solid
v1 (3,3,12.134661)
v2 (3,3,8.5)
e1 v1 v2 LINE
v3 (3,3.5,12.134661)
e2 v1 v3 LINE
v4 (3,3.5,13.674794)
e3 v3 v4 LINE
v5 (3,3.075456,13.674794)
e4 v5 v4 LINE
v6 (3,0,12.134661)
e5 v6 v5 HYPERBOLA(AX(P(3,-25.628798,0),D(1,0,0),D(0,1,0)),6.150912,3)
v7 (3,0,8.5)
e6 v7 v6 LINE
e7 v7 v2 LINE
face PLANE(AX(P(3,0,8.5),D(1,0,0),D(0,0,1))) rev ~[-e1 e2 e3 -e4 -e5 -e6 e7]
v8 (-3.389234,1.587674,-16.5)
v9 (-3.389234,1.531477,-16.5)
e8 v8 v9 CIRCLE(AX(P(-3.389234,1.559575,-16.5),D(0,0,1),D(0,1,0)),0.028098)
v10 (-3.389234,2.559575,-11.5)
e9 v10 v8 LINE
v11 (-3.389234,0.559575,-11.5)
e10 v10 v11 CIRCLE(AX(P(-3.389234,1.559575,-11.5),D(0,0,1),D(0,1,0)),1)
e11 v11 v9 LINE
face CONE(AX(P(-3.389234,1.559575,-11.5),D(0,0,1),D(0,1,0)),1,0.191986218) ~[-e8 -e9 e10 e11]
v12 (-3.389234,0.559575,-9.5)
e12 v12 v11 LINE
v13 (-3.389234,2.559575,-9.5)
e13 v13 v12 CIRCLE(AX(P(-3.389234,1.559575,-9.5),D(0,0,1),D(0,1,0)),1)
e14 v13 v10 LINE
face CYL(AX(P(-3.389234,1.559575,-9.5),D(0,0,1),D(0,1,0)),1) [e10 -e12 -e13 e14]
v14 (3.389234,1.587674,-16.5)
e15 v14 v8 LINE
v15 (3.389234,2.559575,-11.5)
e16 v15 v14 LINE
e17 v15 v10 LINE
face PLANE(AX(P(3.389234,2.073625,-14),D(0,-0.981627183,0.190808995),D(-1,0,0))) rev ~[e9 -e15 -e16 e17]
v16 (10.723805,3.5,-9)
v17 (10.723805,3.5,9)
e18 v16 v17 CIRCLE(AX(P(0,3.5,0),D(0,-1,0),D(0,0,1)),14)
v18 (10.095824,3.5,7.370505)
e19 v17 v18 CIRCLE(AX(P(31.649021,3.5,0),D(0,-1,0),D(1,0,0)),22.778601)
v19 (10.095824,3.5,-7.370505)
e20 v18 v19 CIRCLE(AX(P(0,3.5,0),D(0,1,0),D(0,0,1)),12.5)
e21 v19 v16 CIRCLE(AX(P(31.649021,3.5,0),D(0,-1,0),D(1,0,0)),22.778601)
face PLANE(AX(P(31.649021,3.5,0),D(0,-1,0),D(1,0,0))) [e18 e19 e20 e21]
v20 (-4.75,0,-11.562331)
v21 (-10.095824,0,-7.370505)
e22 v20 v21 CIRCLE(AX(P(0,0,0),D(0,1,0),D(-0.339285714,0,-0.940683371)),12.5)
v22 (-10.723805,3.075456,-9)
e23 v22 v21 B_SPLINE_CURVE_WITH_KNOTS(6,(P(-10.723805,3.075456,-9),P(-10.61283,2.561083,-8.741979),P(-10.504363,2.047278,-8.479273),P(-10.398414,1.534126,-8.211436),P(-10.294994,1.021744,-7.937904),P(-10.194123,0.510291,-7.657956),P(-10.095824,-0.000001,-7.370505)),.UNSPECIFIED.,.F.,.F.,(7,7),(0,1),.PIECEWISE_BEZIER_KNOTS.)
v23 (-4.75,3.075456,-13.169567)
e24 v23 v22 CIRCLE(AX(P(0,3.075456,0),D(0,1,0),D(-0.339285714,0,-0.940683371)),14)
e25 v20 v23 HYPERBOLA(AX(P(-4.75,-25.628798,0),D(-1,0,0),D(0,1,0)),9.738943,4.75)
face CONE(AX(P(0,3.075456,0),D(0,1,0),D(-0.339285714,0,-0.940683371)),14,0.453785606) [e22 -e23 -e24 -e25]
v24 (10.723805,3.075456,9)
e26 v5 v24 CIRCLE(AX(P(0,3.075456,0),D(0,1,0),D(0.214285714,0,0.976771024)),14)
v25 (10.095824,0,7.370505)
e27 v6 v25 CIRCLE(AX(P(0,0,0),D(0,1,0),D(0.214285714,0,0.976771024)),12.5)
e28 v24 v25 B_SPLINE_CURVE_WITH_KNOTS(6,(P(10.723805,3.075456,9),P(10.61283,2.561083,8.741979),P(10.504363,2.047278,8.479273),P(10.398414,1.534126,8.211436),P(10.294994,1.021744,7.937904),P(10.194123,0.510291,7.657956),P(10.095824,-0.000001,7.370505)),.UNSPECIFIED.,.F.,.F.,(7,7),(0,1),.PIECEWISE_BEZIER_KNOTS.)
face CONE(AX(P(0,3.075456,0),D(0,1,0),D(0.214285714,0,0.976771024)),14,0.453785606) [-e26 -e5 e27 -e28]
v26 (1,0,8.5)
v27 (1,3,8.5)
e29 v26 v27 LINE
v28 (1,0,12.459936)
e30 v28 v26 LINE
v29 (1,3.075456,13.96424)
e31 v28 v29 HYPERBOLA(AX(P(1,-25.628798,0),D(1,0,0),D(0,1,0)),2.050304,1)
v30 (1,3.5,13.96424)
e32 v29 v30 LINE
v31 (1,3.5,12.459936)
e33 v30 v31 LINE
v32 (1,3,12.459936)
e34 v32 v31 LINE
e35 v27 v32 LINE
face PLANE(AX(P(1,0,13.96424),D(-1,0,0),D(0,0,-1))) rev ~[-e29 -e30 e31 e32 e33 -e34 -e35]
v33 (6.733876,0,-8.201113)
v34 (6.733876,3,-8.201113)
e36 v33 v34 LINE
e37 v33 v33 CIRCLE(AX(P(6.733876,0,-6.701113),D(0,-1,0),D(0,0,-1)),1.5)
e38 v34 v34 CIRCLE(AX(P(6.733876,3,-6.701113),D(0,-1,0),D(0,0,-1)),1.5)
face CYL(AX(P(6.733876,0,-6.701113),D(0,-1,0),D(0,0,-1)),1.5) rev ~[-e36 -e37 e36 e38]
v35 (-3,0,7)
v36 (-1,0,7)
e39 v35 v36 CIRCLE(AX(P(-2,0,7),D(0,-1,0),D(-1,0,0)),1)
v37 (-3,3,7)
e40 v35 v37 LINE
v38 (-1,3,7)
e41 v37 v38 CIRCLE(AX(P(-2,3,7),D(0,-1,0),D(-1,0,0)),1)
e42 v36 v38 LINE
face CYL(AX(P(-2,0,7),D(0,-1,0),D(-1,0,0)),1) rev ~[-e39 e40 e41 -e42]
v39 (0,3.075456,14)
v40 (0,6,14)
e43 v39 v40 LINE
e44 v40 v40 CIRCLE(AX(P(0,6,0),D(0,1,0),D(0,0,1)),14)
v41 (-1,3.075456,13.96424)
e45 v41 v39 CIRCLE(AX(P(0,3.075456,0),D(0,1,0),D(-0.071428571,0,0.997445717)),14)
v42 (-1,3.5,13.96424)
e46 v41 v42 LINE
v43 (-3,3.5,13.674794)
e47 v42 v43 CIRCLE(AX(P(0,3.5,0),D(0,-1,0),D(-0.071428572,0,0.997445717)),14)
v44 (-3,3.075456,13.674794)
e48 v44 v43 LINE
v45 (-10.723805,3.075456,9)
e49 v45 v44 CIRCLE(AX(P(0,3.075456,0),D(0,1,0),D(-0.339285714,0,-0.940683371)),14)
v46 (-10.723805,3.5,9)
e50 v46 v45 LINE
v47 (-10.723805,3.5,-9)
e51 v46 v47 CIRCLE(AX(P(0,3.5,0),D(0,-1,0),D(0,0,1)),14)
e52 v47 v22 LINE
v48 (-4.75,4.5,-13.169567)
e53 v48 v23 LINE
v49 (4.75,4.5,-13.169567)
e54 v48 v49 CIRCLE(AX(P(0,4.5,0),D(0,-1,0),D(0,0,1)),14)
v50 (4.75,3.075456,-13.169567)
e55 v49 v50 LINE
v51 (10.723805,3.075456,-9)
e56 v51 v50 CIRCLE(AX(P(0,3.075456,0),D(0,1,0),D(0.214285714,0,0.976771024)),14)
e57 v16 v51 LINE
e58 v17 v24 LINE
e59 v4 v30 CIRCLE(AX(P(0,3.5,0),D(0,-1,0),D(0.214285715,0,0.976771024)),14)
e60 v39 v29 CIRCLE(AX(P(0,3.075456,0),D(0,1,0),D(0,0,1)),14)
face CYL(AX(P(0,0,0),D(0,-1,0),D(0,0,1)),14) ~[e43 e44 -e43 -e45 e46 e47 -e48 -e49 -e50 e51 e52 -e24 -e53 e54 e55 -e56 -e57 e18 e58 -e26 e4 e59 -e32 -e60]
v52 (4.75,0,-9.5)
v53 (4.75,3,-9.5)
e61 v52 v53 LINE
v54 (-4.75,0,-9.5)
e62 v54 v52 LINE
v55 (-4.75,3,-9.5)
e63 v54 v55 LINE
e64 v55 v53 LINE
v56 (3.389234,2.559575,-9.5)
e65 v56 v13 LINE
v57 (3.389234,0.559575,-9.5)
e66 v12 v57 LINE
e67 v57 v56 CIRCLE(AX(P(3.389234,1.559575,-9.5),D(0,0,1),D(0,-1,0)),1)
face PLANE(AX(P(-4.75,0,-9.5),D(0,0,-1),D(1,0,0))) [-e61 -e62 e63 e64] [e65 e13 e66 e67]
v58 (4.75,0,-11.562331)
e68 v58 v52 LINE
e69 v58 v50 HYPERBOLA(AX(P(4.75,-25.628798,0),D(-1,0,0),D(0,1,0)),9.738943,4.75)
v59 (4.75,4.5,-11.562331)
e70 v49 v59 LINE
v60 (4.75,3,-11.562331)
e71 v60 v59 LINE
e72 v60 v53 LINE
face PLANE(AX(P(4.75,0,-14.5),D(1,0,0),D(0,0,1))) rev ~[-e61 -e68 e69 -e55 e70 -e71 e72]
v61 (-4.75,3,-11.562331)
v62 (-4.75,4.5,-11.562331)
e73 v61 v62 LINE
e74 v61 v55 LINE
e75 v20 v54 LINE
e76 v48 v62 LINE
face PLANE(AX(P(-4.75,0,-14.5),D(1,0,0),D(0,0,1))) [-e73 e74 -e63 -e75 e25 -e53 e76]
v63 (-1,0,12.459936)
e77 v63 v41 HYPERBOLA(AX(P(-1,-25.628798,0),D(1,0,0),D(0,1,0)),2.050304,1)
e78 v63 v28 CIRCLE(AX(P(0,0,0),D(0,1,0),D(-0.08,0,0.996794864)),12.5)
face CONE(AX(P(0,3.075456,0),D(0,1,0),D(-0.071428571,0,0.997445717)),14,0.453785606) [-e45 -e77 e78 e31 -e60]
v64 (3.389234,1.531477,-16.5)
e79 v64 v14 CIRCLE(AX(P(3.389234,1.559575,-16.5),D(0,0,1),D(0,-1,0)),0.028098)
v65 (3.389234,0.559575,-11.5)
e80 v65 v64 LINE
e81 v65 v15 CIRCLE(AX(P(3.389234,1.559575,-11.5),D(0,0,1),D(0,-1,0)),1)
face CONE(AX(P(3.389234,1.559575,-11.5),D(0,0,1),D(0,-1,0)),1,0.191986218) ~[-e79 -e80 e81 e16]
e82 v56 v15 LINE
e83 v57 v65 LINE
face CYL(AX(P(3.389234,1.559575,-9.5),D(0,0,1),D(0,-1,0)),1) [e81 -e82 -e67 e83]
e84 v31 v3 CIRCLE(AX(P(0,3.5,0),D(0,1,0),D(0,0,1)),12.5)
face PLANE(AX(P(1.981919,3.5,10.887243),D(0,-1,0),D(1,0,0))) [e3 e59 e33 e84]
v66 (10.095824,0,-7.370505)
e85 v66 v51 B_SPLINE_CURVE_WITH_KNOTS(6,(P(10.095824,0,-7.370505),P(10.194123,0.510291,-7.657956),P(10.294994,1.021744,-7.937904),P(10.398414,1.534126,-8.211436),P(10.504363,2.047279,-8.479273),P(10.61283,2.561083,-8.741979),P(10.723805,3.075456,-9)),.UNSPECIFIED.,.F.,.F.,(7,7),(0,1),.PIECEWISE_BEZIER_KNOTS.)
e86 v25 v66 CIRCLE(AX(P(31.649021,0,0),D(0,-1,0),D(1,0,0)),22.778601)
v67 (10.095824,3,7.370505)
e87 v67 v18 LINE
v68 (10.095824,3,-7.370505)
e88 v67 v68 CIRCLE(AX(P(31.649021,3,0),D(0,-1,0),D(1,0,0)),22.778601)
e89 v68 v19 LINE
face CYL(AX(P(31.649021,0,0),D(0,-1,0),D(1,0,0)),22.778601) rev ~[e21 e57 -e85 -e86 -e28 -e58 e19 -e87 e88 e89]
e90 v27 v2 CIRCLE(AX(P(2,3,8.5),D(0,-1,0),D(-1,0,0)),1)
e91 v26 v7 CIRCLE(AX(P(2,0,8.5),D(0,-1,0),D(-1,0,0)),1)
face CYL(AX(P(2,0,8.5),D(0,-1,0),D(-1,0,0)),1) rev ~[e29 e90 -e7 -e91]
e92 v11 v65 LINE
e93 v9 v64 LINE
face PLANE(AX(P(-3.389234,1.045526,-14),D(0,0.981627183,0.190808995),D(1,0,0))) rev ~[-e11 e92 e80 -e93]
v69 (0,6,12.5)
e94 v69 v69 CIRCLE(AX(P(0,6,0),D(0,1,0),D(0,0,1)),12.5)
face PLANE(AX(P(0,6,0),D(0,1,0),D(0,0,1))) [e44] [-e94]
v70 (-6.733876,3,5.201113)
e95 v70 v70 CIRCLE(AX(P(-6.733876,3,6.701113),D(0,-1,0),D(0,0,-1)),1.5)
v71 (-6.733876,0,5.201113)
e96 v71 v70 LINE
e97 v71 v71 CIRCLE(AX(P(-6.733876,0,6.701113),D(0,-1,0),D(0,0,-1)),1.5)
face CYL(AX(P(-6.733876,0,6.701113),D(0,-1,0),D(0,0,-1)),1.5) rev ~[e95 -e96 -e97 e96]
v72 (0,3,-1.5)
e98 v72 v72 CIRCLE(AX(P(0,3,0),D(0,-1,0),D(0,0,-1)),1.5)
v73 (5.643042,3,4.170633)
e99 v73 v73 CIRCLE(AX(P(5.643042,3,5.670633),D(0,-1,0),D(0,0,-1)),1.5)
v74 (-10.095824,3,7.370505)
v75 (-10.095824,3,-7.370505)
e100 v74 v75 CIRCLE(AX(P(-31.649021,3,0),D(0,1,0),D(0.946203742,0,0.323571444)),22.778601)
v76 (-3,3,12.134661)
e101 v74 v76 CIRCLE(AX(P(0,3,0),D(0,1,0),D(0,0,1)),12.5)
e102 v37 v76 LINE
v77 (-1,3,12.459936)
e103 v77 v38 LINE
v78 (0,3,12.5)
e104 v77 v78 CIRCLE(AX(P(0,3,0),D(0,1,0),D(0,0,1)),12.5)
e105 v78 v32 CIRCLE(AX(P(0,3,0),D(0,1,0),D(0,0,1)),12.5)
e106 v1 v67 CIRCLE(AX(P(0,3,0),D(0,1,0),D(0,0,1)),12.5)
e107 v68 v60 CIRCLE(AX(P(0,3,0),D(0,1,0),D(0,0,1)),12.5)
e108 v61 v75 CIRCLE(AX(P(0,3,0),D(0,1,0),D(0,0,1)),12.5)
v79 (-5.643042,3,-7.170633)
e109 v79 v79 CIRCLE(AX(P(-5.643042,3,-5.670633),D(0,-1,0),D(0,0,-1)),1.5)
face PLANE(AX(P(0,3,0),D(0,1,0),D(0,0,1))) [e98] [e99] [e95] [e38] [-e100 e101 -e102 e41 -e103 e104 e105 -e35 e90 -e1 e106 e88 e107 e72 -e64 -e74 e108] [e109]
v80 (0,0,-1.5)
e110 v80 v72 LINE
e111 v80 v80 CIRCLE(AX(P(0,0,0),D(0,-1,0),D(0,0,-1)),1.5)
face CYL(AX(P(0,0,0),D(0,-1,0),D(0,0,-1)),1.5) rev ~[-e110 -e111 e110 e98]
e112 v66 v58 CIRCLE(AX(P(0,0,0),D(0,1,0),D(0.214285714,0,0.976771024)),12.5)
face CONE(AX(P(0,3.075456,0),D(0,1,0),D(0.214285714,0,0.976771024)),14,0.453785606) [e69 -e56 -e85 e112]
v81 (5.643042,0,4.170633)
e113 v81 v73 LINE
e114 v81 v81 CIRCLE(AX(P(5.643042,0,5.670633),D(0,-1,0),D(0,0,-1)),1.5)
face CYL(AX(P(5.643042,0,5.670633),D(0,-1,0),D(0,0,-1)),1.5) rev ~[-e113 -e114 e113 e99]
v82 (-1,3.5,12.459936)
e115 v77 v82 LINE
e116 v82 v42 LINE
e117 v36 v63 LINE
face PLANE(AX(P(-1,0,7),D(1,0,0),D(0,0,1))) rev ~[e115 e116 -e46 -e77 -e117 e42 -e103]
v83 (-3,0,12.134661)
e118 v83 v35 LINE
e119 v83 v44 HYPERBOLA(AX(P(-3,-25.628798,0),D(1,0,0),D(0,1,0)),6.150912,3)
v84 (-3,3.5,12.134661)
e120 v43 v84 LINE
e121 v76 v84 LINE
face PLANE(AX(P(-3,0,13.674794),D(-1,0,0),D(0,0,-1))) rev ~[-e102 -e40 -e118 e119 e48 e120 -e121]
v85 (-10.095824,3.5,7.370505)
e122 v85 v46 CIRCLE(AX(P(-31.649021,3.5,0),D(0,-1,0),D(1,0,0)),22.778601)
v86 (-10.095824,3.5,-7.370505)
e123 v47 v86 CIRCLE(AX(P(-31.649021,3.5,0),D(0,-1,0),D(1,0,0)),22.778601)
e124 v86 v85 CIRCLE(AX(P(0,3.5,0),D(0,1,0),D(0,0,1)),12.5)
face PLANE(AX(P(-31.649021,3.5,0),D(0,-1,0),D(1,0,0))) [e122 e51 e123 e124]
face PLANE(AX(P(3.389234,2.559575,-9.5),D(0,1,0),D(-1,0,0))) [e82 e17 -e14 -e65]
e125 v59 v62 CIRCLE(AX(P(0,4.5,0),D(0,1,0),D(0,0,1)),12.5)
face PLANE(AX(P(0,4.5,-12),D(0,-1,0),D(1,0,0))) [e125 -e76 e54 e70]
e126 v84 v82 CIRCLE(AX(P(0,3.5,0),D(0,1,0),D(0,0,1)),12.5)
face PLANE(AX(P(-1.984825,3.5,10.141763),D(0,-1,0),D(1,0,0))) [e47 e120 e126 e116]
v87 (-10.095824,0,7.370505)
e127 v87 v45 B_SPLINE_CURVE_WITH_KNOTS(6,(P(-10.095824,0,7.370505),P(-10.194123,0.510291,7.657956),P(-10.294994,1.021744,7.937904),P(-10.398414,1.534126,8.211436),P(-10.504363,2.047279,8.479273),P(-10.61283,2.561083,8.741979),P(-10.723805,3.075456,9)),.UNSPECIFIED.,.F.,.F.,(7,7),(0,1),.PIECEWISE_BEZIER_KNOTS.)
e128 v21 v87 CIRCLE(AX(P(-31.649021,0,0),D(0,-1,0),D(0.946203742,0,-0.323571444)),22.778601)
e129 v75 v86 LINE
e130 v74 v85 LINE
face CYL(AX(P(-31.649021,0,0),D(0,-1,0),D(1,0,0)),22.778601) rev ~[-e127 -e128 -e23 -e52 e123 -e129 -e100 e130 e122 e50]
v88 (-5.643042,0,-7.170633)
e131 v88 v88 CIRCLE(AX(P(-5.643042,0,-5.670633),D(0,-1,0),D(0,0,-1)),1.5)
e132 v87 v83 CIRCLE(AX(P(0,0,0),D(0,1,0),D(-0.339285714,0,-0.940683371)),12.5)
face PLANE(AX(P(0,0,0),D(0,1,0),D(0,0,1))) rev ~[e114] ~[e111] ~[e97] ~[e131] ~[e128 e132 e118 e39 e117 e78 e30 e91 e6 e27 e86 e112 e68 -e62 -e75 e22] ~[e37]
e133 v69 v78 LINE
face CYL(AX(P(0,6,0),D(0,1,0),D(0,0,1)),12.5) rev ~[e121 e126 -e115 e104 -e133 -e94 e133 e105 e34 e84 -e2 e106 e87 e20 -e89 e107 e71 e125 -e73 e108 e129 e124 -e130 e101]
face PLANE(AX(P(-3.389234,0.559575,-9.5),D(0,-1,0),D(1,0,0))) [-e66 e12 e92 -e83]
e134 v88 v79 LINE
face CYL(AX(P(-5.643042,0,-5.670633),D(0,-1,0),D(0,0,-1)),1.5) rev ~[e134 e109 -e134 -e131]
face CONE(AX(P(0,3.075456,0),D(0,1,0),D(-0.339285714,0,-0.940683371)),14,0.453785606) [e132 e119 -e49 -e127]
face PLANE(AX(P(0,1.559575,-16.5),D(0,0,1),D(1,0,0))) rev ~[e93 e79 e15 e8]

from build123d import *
from OCP.BRepFilletAPI import BRepFilletAPI_MakeChamfer

# Parameters (mm, degrees)
SCHIZZO1_R                   = 14
ESTRUSIONE_ESTRUSIONE1_DEPTH = 6
SCHIZZO2_W                   = 9.5
SCHIZZO2_H                   = 5
TAGLIO_ESTRUSIONE1_DEPTH     = 4.5
SCHIZZO3_R                   = 12.5
TAGLIO_ESTRUSIONE2_DEPTH     = 3
TAGLIO_ESTRUSIONE4_DEPTH     = 3.5
SMUSSO1_SIZE                 = 1.5
SMUSSO1_SIZE2                = 3.075455762
SCHIZZO8_R                   = 22.778601144
TAGLIO_ESTRUSIONE6_DEPTH     = 3.5
ESTRUSIONE_ESTRUSIONE2_DEPTH = 7
SMUSSO2_SIZE                 = 5
SMUSSO2_SIZE2                = 0.971901546
SCHIZZO14_R                  = 1.5
TAGLIO_ESTRUSIONE10_DEPTH    = 23.455511573
SCHIZZO17_R                  = 1.5
TAGLIO_ESTRUSIONE12_DEPTH    = 32


with BuildPart() as part:
    # Schizzo1 → Estrusione-Estrusione1 (new body)
    with BuildSketch(Plane(origin=(0, 0, 0), x_dir=(1, 0, 0), z_dir=(0, 1, 0))):
        with Locations(Location((0, 0, 0), (0, 0, 270))):
            Circle(SCHIZZO1_R)
    extrude(amount=ESTRUSIONE_ESTRUSIONE1_DEPTH)

    # Schizzo2 → Taglio-Estrusione1 (cut)
    with BuildSketch(Plane.XZ):
        with Locations((0, -12)):
            Rectangle(SCHIZZO2_W, SCHIZZO2_H)
    extrude(amount=-TAGLIO_ESTRUSIONE1_DEPTH, mode=Mode.SUBTRACT)

    # Schizzo3 → Taglio-Estrusione2 (cut)
    with BuildSketch(Plane(origin=(0, 6, 0), x_dir=(1, 0, 0), z_dir=(0, 1, 0))):
        with Locations(Location((0, 0, 0), (0, 0, 270))):
            Circle(SCHIZZO3_R)
    extrude(amount=-TAGLIO_ESTRUSIONE2_DEPTH, mode=Mode.SUBTRACT)

    # Schizzo4 → Taglio-Estrusione4 (cut)
    with BuildSketch(Plane.XZ):
        with BuildLine():
            Line((-1, 7), (-1, 13.964240044))
            ThreePointArc((-1, 13.964240044), (-2.00522934, 13.855650663), (-3, 13.674794331))
            Line((-3, 13.674794331), (-3, 7))
            ThreePointArc((-3, 7), (-2, 6), (-1, 7))
        make_face()
        with BuildLine():
            ThreePointArc((3, 13.674794331), (2.00522934, 13.855650663), (1, 13.964240044))
            Line((1, 13.964240044), (1, 8.5))
            ThreePointArc((1, 8.5), (2, 7.5), (3, 8.5))
            Line((3, 8.5), (3, 13.674794331))
        make_face()
    extrude(amount=-TAGLIO_ESTRUSIONE4_DEPTH, mode=Mode.SUBTRACT)

    # Smusso1
    smusso1_edges = [part.edges().sort_by_distance(p)[0] for p in [
        (0.500319591, 0, 13.991057155),
        (-13.970345786, 0, 0.910735206),
        (13.970345786, 0, 0.910735206),
    ]]
    smusso1_side = [part.faces().sort_by_distance(p)[0] for p in [
        (0.010947271, 0, 0.331138895),
    ]]
    chamfer(smusso1_edges, length=SMUSSO1_SIZE, length2=SMUSSO1_SIZE2, reference=smusso1_side[0])

    # Schizzo8 → Taglio-Estrusione6 (cut)
    with BuildSketch(Plane.XZ):
        with Locations((-31.649021425, 0)):
            Circle(SCHIZZO8_R)
        with Locations((31.649021425, 0)):
            Circle(SCHIZZO8_R)
    extrude(amount=-TAGLIO_ESTRUSIONE6_DEPTH, mode=Mode.SUBTRACT)

    # Schizzo10 → Estrusione-Estrusione2 (add)
    with BuildSketch(Plane(origin=(0, 0, -9.5), x_dir=(-1, 0, 0), z_dir=(0, 0, -1))):
        with BuildLine():
            Line((-3.389234254, 2.559575442), (3.389234254, 2.559575442))
            ThreePointArc((3.389234254, 2.559575442), (4.389234254, 1.559575442), (3.389234254, 0.559575442))
            Line((3.389234254, 0.559575442), (-3.389234254, 0.559575442))
            ThreePointArc((-3.389234254, 0.559575442), (-4.389234254, 1.559575442), (-3.389234254, 2.559575442))
        make_face()
    extrude(amount=ESTRUSIONE_ESTRUSIONE2_DEPTH)

    # Smusso2: one chamfer whose edges measure the first distance from different faces: ONE call of the kernel's chamfer builder (chamfer() names one face for all edges)
    smusso2_edges_1 = [part.edges().sort_by_distance(p)[0] for p in [
        (4.389234254, 1.559575442, -16.5),
    ]]
    smusso2_side_1 = [part.faces().sort_by_distance(p)[0] for p in [
        (4.389234254, 1.559575442, -13),
    ]]
    smusso2_edges_2 = [part.edges().sort_by_distance(p)[0] for p in [
        (0, 0.559575442, -16.5),
    ]]
    smusso2_side_2 = [part.faces().sort_by_distance(p)[0] for p in [
        (0, 0.559575442, -13),
    ]]
    smusso2_edges_3 = [part.edges().sort_by_distance(p)[0] for p in [
        (-4.389234254, 1.559575442, -16.5),
    ]]
    smusso2_side_3 = [part.faces().sort_by_distance(p)[0] for p in [
        (-4.389234254, 1.559575442, -13),
    ]]
    smusso2_edges_4 = [part.edges().sort_by_distance(p)[0] for p in [
        (0, 2.559575442, -16.5),
    ]]
    smusso2_side_4 = [part.faces().sort_by_distance(p)[0] for p in [
        (0, 2.559575442, -13),
    ]]
    smusso2 = BRepFilletAPI_MakeChamfer(part.part.solid().wrapped)
    for e in smusso2_edges_1:
        smusso2.Add(SMUSSO2_SIZE, SMUSSO2_SIZE2, e.wrapped, smusso2_side_1[0].wrapped)  # the first distance lies on this face
    for e in smusso2_edges_2:
        smusso2.Add(SMUSSO2_SIZE, SMUSSO2_SIZE2, e.wrapped, smusso2_side_2[0].wrapped)  # the first distance lies on this face
    for e in smusso2_edges_3:
        smusso2.Add(SMUSSO2_SIZE, SMUSSO2_SIZE2, e.wrapped, smusso2_side_3[0].wrapped)  # the first distance lies on this face
    for e in smusso2_edges_4:
        smusso2.Add(SMUSSO2_SIZE, SMUSSO2_SIZE2, e.wrapped, smusso2_side_4[0].wrapped)  # the first distance lies on this face
    add(Compound.cast(smusso2.Shape()), mode=Mode.REPLACE)

    # Schizzo14 → Taglio-Estrusione10 (cut, through all)
    with BuildSketch(Plane.XZ):
        with Locations(Location((6.733876165, -6.701112728, 0), (0, 0, 270))):
            Circle(SCHIZZO14_R)
        with Locations(Location((-6.733876165, 6.701112728, 0), (0, 0, 270))):
            Circle(SCHIZZO14_R)
        with Locations(Location((5.643042298, 5.67063256, 0), (0, 0, 270))):
            Circle(SCHIZZO14_R)
        with Locations(Location((-5.643042298, -5.67063256, 0), (0, 0, 270))):
            Circle(SCHIZZO14_R)
    extrude(amount=-TAGLIO_ESTRUSIONE10_DEPTH, mode=Mode.SUBTRACT)

    # Schizzo17 → Taglio-Estrusione12 (cut)
    with BuildSketch(Plane.XZ):
        with Locations(Location((0, 0, 0), (0, 0, 270))):
            Circle(SCHIZZO17_R)
    extrude(amount=-TAGLIO_ESTRUSIONE12_DEPTH, mode=Mode.SUBTRACT)


solid = part.part
